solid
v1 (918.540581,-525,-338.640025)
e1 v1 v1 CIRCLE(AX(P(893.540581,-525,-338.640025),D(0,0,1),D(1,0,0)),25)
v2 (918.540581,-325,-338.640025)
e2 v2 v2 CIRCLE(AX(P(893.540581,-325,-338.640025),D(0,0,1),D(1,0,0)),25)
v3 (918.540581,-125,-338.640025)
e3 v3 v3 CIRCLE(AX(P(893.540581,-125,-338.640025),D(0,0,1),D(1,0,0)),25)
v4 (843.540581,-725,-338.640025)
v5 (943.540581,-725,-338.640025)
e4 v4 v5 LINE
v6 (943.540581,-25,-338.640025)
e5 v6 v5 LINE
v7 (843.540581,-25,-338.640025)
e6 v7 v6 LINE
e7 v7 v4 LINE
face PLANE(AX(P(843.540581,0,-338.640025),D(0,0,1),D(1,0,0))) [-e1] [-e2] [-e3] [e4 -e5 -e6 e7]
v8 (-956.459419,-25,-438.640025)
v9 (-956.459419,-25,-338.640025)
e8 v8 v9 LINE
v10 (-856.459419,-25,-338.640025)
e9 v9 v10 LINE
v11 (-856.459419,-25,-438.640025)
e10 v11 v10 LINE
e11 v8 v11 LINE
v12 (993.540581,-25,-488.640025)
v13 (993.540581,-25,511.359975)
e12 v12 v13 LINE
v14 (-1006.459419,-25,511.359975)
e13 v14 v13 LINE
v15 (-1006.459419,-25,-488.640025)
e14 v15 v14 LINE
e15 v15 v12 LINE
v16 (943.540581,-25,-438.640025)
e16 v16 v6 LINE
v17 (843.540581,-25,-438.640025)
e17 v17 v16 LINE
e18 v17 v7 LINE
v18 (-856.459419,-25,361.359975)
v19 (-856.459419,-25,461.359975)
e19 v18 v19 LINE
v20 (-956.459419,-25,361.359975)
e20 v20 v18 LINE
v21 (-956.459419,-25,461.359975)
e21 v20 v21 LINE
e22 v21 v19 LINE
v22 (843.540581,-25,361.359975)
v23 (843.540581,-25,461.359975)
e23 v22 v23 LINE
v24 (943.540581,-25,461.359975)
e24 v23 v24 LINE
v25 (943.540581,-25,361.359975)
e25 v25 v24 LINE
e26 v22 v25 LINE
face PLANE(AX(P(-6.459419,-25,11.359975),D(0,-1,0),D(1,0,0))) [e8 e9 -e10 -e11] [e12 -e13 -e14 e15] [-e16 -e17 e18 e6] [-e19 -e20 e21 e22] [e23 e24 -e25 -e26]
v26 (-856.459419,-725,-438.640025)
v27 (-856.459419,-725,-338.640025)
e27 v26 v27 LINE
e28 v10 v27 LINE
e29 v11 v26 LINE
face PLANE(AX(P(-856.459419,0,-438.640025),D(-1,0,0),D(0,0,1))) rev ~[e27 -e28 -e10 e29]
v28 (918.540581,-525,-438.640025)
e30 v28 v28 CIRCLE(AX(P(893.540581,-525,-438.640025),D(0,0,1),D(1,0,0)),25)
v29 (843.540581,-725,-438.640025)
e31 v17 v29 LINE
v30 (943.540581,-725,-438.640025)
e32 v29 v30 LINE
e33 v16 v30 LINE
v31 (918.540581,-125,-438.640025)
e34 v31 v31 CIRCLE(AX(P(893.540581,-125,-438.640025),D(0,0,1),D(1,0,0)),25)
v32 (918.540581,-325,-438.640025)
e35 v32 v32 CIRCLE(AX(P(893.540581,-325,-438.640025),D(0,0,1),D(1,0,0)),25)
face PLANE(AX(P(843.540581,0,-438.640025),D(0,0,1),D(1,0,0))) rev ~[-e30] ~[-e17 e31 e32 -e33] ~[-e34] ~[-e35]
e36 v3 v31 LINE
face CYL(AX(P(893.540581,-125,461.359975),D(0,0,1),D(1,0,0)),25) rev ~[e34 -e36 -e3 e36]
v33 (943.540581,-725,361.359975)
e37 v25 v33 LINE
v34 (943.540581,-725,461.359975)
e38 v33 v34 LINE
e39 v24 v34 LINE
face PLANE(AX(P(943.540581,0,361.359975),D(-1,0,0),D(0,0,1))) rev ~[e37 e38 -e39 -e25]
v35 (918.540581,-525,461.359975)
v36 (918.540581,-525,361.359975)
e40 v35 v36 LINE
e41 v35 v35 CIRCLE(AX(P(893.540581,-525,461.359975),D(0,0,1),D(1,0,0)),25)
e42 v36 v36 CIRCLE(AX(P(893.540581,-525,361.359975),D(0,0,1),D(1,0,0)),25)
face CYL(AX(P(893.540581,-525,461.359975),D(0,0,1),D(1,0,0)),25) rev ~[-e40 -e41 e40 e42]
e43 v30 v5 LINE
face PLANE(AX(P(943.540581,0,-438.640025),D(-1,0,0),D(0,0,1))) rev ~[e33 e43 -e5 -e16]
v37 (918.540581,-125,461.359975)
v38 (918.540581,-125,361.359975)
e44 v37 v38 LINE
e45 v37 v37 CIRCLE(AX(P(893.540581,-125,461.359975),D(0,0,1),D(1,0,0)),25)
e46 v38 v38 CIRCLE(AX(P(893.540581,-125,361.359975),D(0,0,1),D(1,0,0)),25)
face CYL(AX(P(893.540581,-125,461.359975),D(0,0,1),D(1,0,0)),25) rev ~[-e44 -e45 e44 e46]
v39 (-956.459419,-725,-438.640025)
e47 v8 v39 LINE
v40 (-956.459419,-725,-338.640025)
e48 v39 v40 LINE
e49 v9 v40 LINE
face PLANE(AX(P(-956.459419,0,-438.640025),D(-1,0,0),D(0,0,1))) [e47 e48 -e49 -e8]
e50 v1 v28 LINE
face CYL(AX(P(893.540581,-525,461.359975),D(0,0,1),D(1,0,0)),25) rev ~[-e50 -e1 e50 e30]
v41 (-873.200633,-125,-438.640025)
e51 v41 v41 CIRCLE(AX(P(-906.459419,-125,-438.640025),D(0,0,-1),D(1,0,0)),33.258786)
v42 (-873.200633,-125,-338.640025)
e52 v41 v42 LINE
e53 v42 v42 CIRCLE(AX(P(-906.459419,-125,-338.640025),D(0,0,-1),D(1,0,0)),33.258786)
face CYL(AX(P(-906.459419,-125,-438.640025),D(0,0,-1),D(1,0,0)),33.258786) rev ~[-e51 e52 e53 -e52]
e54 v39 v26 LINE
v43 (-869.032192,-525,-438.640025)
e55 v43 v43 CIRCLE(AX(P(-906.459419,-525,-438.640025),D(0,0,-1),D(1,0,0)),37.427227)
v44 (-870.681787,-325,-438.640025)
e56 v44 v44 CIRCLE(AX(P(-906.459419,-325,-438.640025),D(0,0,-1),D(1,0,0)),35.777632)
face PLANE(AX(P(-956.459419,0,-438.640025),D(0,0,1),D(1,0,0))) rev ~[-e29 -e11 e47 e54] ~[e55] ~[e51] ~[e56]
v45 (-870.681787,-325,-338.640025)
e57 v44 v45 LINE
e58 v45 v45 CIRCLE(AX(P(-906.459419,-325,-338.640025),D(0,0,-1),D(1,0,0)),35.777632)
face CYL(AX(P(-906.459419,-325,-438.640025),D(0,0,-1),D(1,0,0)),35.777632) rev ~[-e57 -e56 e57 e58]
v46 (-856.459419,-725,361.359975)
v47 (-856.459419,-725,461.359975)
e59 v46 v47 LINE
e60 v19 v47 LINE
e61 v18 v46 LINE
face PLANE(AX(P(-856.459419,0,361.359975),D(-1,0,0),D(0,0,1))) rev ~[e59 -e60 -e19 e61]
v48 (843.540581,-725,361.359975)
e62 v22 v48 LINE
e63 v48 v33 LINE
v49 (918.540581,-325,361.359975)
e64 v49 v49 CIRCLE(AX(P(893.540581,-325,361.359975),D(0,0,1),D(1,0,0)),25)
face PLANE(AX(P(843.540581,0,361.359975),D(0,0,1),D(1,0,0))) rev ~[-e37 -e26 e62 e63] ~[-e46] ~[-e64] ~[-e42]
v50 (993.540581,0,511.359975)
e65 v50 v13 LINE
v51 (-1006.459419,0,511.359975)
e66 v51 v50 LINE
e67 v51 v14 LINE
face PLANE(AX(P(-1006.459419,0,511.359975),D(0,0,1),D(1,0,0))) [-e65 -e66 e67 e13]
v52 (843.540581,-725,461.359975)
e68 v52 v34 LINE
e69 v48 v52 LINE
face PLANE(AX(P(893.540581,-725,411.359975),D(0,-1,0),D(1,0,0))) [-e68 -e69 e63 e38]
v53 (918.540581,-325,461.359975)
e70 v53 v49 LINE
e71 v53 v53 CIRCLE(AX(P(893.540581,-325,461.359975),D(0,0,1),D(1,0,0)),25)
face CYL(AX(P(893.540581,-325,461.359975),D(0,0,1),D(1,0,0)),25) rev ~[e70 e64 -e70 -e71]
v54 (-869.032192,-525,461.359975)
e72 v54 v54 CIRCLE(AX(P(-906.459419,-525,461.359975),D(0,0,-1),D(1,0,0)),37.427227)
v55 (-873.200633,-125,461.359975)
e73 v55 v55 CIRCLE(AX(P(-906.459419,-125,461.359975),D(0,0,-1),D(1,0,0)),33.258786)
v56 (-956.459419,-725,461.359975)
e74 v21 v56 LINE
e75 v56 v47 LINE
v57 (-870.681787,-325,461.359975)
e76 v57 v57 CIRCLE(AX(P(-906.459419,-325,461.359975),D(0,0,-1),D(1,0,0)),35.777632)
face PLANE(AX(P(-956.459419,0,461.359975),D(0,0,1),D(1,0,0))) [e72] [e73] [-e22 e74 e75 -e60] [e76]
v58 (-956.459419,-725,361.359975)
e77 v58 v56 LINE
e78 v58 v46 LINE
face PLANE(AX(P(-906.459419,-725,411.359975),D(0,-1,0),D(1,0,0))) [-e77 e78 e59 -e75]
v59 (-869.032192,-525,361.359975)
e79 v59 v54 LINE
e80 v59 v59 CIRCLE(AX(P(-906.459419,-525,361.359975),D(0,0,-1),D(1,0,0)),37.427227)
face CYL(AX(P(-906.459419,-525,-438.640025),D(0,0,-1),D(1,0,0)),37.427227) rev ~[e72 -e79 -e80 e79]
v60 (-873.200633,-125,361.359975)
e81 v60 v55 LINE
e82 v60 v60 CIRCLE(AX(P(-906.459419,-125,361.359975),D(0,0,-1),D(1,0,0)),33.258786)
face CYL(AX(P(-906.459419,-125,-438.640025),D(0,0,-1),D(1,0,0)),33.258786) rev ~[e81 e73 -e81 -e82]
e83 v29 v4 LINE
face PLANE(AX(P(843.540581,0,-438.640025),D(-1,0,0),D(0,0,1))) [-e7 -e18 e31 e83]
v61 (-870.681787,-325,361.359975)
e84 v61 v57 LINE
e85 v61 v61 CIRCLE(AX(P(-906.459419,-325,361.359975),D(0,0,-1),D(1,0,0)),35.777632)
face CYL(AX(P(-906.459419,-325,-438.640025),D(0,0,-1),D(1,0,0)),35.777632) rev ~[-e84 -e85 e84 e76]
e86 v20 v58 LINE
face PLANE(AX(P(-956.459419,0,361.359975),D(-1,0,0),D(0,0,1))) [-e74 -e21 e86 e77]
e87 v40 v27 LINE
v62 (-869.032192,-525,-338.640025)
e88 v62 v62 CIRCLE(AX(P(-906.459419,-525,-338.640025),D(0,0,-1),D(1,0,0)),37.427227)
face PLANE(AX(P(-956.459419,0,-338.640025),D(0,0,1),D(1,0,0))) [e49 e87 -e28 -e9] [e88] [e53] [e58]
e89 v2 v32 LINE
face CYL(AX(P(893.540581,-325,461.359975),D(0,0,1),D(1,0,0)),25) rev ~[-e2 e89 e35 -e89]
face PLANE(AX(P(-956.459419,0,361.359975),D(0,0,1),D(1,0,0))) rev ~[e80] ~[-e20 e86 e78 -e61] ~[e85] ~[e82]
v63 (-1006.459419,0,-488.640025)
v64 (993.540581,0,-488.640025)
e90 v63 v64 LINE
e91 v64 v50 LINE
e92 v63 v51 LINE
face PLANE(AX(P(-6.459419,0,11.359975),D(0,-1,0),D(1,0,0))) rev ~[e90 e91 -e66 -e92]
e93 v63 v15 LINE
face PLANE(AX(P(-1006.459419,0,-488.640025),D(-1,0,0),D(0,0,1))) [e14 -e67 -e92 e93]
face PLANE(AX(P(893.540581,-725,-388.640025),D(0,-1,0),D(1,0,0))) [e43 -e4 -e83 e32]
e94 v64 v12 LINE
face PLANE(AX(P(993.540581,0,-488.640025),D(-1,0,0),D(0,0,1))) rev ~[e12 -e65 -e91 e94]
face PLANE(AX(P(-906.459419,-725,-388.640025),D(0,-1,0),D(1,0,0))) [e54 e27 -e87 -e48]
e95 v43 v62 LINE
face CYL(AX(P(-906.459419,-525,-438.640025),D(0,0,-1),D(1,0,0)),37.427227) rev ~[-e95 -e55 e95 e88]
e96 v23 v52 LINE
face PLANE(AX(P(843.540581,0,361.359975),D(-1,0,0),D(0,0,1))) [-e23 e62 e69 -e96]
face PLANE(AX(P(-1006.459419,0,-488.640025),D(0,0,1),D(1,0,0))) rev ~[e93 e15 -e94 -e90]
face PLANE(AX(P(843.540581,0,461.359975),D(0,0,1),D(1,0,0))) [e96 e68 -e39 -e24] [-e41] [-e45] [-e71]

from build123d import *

# Parameters (mm, degrees)
F0_W     = 2000
F0_H     = 1000
F0_W_2   = 100
F0_H_2   = 100
F1_DEPTH = 25
F2_DEPTH = 725
F3_R     = 33.258786
F3_R_2   = 35.777632
F3_R_3   = 37.427227
F4_DEPTH = 950.001
F5_R     = 25
F6_DEPTH = 950.001


with BuildPart() as f1:
    # F0 (on Front) → F1 (new body)
    with BuildSketch(Plane.XZ):
        with Locations((-6.459419, 11.359975)):
            Rectangle(F0_W, F0_H)
        with Locations((-906.459419, -388.640025)):
            Rectangle(F0_W_2, F0_H_2, mode=Mode.SUBTRACT)
        with Locations((893.540581, -388.640025)):
            Rectangle(F0_W_2, F0_H_2, mode=Mode.SUBTRACT)
        with Locations((-906.459419, 411.359975)):
            Rectangle(F0_W_2, F0_H_2, mode=Mode.SUBTRACT)
        with Locations((893.540581, 411.359975)):
            Rectangle(F0_W_2, F0_H_2, mode=Mode.SUBTRACT)
    extrude(amount=F1_DEPTH)

    # F0 (on Front) → F2 (join)
    with BuildSketch(Plane.XZ):
        with Locations((893.540581, -388.640025)):
            Rectangle(F0_W_2, F0_H_2)
        with Locations((-906.459419, -388.640025)):
            Rectangle(F0_W_2, F0_H_2)
        with Locations((-906.459419, 411.359975)):
            Rectangle(F0_W_2, F0_H_2)
        with Locations((893.540581, 411.359975)):
            Rectangle(F0_W_2, F0_H_2)
    extrude(amount=F2_DEPTH)

    # F3 (on face) → F4 (cut, through all)
    with BuildSketch(Plane(origin=(0, 0, -438.640025), x_dir=(1, 0, 0), z_dir=(0, 0, -1))):
        with Locations((-906.459419, 125)):
            Circle(F3_R)
        with Locations((-906.459419, 325)):
            Circle(F3_R_2)
        with Locations((-906.459419, 525)):
            Circle(F3_R_3)
    extrude(amount=-F4_DEPTH, mode=Mode.SUBTRACT)

    # F5 (on face) → F6 (cut, through all)
    with BuildSketch(Plane.XY.offset(461.359975)):
        with Locations((893.540581, -525)):
            Circle(F5_R)
        with Locations((893.540581, -325)):
            Circle(F5_R)
        with Locations((893.540581, -125)):
            Circle(F5_R)
    extrude(amount=-F6_DEPTH, mode=Mode.SUBTRACT)


solid = f1.part
